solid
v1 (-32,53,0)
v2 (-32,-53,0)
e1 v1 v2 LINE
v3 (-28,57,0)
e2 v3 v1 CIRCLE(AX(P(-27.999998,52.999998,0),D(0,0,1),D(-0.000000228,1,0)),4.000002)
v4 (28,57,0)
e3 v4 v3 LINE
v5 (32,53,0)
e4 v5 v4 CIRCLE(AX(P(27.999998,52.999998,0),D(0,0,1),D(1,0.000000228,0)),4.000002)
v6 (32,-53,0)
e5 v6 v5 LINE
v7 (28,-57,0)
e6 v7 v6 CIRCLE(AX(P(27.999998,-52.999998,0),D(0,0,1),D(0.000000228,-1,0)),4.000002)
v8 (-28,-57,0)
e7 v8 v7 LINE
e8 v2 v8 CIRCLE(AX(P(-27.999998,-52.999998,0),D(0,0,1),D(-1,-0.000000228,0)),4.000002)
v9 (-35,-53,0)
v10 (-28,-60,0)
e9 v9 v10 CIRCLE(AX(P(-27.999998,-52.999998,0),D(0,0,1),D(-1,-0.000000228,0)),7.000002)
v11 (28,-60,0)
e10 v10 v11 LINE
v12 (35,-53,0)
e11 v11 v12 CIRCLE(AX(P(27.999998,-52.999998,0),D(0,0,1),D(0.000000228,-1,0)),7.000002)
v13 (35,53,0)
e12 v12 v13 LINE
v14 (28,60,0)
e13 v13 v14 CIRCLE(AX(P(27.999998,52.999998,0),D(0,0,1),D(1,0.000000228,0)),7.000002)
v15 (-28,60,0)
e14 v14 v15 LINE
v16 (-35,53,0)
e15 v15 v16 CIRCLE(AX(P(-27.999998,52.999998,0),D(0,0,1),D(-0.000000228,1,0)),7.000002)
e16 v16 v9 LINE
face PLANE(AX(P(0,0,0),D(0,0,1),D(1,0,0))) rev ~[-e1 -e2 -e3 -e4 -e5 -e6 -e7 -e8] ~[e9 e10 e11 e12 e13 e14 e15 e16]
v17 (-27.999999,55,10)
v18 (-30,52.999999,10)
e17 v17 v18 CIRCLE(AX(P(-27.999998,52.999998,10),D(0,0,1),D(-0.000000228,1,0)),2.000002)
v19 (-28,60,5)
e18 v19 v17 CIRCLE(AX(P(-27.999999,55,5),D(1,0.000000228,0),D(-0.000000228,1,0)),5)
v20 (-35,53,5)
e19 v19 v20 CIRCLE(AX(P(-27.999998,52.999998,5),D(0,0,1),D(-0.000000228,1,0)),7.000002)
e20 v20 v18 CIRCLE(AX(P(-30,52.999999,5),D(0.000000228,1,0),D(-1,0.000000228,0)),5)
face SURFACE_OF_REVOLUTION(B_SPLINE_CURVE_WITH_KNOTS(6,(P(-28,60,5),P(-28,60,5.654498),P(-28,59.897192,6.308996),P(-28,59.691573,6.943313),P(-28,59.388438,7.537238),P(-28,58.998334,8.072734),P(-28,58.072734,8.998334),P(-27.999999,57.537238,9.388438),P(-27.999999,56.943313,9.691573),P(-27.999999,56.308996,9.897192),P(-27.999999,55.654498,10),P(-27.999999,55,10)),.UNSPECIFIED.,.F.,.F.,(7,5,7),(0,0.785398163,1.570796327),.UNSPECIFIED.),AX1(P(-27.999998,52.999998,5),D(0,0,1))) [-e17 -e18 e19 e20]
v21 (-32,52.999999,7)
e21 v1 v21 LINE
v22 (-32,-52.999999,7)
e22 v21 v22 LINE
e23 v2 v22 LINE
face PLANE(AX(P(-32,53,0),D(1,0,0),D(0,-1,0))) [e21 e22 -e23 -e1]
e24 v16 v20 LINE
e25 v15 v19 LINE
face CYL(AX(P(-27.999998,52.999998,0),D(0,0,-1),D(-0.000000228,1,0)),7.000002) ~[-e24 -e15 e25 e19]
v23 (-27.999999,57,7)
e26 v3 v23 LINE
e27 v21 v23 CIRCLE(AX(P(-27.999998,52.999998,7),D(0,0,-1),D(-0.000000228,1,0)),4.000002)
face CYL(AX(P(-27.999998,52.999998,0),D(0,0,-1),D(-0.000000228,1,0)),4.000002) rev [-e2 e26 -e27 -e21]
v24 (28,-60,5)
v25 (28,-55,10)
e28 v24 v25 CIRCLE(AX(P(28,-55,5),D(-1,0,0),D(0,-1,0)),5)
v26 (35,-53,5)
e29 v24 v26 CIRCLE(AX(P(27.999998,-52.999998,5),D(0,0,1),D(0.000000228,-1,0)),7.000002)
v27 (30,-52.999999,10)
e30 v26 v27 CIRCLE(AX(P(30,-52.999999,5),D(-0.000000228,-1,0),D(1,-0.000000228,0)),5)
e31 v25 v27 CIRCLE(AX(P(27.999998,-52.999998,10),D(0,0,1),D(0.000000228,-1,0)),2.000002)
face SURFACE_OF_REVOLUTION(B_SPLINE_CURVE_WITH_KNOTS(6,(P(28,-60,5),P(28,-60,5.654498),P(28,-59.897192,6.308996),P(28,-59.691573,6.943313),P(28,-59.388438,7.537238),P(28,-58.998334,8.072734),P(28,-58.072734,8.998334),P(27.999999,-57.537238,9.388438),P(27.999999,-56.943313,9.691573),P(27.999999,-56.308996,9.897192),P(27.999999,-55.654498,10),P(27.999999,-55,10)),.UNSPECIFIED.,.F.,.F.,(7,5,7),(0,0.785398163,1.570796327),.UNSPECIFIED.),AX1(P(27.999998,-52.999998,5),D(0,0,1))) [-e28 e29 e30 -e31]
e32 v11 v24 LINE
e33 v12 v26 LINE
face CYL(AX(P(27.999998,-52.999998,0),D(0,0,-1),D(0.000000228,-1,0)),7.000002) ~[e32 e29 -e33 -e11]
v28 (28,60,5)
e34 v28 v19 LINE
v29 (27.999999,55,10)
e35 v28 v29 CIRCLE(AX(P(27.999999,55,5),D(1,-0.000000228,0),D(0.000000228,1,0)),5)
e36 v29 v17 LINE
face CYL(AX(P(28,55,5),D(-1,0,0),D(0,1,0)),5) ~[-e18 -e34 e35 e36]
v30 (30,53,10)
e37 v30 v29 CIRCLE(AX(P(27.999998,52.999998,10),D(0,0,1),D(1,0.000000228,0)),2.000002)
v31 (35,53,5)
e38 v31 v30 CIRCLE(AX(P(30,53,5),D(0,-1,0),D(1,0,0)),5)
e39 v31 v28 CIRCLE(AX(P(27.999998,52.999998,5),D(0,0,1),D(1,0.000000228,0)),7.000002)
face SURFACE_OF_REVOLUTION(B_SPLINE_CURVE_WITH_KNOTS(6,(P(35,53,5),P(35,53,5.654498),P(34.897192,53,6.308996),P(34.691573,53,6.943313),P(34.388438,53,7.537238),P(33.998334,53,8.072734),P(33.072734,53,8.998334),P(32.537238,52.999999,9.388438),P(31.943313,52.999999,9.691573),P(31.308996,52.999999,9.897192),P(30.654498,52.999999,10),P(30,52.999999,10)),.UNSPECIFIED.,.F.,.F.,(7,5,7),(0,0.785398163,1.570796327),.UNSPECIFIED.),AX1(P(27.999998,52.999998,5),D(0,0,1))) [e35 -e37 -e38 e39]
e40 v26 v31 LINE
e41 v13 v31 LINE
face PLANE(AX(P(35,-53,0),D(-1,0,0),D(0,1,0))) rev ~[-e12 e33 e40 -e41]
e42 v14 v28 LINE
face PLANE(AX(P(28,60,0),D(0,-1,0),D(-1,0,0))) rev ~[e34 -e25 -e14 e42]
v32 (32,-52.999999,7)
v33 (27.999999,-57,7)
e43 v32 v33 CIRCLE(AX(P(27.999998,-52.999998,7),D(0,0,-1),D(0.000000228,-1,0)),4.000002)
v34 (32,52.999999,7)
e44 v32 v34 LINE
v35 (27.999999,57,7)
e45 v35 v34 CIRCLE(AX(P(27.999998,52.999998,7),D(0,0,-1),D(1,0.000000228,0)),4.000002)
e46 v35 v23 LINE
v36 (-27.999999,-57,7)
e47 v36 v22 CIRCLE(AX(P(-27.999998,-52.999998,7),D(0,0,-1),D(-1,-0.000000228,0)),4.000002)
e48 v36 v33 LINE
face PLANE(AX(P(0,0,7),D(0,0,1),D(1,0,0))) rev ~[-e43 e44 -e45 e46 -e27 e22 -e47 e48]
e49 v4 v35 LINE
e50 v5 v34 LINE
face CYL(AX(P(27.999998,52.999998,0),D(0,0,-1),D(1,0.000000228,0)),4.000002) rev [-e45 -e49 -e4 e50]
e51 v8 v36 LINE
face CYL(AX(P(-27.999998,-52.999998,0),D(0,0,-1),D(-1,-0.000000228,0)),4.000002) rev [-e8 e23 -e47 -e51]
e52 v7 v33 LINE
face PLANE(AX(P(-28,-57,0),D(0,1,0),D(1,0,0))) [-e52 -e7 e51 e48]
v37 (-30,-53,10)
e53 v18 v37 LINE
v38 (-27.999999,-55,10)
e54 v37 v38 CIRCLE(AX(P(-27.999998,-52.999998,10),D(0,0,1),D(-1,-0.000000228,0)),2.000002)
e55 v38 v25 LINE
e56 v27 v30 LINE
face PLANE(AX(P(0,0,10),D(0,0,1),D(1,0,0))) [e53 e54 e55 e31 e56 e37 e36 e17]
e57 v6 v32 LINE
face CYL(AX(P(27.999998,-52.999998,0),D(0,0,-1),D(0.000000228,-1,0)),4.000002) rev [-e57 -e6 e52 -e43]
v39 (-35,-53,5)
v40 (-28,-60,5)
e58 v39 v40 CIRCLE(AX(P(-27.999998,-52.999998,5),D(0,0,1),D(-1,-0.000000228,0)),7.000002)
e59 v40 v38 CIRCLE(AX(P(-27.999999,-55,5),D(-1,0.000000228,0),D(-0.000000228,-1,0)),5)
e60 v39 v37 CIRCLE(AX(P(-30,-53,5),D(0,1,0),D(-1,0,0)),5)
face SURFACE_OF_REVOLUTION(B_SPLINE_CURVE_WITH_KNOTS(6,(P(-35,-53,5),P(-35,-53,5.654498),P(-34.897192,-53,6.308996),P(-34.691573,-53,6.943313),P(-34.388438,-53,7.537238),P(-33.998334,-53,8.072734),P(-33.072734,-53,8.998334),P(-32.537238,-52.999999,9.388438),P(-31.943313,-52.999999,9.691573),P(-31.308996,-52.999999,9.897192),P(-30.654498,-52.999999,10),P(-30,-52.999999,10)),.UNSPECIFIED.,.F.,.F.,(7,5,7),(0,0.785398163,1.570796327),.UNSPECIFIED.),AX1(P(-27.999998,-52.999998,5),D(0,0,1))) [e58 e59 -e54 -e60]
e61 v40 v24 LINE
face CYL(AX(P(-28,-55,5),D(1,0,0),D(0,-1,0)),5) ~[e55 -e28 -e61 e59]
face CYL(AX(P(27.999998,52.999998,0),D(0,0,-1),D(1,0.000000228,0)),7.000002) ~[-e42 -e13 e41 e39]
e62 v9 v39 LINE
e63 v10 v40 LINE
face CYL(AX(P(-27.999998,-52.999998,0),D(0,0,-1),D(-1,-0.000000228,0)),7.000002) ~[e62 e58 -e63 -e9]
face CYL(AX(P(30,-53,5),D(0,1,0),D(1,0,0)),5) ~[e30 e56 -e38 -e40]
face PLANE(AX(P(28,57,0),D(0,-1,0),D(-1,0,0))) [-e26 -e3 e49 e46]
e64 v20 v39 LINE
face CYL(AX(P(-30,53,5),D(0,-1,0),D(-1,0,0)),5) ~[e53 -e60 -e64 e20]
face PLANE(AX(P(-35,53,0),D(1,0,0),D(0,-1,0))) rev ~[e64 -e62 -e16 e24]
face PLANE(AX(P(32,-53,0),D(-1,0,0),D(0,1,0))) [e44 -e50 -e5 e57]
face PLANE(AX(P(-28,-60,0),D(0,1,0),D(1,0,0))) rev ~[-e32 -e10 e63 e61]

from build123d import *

# Parameters (mm, degrees)
F1_DEPTH = 10
F2_T     = -3
F3_R     = 5


with BuildPart() as f1:
    # F0 (on Top) → F1 (new body)
    with BuildSketch(Plane.XY):
        with BuildLine():
            ThreePointArc((-28, 60), (-32.949747, 57.949747), (-35, 53))
            Line((-35, 53), (-35, 0))
            Line((-35, 0), (-35, -53))
            ThreePointArc((-35, -53), (-32.949747, -57.949747), (-28, -60))
            Line((-28, -60), (28, -60))
            ThreePointArc((28, -60), (32.949747, -57.949747), (35, -53))
            Line((35, -53), (35, 0))
            Line((35, 0), (35, 53))
            ThreePointArc((35, 53), (32.949747, 57.949747), (28, 60))
            Line((28, 60), (0, 60))
            Line((0, 60), (-28, 60))
        make_face()
    extrude(amount=F1_DEPTH)

    # F2
    f2_openings = [f1.faces().sort_by_distance(p)[0] for p in [
        (0, 0, 0),
    ]]
    offset(amount=F2_T, openings=f2_openings)

    # F3
    f3_edges = [f1.edges().sort_by_distance(p)[0] for p in [
        (-32.949747, 57.949747, 10),
    ]]
    fillet(f3_edges, radius=F3_R)


solid = f1.part
